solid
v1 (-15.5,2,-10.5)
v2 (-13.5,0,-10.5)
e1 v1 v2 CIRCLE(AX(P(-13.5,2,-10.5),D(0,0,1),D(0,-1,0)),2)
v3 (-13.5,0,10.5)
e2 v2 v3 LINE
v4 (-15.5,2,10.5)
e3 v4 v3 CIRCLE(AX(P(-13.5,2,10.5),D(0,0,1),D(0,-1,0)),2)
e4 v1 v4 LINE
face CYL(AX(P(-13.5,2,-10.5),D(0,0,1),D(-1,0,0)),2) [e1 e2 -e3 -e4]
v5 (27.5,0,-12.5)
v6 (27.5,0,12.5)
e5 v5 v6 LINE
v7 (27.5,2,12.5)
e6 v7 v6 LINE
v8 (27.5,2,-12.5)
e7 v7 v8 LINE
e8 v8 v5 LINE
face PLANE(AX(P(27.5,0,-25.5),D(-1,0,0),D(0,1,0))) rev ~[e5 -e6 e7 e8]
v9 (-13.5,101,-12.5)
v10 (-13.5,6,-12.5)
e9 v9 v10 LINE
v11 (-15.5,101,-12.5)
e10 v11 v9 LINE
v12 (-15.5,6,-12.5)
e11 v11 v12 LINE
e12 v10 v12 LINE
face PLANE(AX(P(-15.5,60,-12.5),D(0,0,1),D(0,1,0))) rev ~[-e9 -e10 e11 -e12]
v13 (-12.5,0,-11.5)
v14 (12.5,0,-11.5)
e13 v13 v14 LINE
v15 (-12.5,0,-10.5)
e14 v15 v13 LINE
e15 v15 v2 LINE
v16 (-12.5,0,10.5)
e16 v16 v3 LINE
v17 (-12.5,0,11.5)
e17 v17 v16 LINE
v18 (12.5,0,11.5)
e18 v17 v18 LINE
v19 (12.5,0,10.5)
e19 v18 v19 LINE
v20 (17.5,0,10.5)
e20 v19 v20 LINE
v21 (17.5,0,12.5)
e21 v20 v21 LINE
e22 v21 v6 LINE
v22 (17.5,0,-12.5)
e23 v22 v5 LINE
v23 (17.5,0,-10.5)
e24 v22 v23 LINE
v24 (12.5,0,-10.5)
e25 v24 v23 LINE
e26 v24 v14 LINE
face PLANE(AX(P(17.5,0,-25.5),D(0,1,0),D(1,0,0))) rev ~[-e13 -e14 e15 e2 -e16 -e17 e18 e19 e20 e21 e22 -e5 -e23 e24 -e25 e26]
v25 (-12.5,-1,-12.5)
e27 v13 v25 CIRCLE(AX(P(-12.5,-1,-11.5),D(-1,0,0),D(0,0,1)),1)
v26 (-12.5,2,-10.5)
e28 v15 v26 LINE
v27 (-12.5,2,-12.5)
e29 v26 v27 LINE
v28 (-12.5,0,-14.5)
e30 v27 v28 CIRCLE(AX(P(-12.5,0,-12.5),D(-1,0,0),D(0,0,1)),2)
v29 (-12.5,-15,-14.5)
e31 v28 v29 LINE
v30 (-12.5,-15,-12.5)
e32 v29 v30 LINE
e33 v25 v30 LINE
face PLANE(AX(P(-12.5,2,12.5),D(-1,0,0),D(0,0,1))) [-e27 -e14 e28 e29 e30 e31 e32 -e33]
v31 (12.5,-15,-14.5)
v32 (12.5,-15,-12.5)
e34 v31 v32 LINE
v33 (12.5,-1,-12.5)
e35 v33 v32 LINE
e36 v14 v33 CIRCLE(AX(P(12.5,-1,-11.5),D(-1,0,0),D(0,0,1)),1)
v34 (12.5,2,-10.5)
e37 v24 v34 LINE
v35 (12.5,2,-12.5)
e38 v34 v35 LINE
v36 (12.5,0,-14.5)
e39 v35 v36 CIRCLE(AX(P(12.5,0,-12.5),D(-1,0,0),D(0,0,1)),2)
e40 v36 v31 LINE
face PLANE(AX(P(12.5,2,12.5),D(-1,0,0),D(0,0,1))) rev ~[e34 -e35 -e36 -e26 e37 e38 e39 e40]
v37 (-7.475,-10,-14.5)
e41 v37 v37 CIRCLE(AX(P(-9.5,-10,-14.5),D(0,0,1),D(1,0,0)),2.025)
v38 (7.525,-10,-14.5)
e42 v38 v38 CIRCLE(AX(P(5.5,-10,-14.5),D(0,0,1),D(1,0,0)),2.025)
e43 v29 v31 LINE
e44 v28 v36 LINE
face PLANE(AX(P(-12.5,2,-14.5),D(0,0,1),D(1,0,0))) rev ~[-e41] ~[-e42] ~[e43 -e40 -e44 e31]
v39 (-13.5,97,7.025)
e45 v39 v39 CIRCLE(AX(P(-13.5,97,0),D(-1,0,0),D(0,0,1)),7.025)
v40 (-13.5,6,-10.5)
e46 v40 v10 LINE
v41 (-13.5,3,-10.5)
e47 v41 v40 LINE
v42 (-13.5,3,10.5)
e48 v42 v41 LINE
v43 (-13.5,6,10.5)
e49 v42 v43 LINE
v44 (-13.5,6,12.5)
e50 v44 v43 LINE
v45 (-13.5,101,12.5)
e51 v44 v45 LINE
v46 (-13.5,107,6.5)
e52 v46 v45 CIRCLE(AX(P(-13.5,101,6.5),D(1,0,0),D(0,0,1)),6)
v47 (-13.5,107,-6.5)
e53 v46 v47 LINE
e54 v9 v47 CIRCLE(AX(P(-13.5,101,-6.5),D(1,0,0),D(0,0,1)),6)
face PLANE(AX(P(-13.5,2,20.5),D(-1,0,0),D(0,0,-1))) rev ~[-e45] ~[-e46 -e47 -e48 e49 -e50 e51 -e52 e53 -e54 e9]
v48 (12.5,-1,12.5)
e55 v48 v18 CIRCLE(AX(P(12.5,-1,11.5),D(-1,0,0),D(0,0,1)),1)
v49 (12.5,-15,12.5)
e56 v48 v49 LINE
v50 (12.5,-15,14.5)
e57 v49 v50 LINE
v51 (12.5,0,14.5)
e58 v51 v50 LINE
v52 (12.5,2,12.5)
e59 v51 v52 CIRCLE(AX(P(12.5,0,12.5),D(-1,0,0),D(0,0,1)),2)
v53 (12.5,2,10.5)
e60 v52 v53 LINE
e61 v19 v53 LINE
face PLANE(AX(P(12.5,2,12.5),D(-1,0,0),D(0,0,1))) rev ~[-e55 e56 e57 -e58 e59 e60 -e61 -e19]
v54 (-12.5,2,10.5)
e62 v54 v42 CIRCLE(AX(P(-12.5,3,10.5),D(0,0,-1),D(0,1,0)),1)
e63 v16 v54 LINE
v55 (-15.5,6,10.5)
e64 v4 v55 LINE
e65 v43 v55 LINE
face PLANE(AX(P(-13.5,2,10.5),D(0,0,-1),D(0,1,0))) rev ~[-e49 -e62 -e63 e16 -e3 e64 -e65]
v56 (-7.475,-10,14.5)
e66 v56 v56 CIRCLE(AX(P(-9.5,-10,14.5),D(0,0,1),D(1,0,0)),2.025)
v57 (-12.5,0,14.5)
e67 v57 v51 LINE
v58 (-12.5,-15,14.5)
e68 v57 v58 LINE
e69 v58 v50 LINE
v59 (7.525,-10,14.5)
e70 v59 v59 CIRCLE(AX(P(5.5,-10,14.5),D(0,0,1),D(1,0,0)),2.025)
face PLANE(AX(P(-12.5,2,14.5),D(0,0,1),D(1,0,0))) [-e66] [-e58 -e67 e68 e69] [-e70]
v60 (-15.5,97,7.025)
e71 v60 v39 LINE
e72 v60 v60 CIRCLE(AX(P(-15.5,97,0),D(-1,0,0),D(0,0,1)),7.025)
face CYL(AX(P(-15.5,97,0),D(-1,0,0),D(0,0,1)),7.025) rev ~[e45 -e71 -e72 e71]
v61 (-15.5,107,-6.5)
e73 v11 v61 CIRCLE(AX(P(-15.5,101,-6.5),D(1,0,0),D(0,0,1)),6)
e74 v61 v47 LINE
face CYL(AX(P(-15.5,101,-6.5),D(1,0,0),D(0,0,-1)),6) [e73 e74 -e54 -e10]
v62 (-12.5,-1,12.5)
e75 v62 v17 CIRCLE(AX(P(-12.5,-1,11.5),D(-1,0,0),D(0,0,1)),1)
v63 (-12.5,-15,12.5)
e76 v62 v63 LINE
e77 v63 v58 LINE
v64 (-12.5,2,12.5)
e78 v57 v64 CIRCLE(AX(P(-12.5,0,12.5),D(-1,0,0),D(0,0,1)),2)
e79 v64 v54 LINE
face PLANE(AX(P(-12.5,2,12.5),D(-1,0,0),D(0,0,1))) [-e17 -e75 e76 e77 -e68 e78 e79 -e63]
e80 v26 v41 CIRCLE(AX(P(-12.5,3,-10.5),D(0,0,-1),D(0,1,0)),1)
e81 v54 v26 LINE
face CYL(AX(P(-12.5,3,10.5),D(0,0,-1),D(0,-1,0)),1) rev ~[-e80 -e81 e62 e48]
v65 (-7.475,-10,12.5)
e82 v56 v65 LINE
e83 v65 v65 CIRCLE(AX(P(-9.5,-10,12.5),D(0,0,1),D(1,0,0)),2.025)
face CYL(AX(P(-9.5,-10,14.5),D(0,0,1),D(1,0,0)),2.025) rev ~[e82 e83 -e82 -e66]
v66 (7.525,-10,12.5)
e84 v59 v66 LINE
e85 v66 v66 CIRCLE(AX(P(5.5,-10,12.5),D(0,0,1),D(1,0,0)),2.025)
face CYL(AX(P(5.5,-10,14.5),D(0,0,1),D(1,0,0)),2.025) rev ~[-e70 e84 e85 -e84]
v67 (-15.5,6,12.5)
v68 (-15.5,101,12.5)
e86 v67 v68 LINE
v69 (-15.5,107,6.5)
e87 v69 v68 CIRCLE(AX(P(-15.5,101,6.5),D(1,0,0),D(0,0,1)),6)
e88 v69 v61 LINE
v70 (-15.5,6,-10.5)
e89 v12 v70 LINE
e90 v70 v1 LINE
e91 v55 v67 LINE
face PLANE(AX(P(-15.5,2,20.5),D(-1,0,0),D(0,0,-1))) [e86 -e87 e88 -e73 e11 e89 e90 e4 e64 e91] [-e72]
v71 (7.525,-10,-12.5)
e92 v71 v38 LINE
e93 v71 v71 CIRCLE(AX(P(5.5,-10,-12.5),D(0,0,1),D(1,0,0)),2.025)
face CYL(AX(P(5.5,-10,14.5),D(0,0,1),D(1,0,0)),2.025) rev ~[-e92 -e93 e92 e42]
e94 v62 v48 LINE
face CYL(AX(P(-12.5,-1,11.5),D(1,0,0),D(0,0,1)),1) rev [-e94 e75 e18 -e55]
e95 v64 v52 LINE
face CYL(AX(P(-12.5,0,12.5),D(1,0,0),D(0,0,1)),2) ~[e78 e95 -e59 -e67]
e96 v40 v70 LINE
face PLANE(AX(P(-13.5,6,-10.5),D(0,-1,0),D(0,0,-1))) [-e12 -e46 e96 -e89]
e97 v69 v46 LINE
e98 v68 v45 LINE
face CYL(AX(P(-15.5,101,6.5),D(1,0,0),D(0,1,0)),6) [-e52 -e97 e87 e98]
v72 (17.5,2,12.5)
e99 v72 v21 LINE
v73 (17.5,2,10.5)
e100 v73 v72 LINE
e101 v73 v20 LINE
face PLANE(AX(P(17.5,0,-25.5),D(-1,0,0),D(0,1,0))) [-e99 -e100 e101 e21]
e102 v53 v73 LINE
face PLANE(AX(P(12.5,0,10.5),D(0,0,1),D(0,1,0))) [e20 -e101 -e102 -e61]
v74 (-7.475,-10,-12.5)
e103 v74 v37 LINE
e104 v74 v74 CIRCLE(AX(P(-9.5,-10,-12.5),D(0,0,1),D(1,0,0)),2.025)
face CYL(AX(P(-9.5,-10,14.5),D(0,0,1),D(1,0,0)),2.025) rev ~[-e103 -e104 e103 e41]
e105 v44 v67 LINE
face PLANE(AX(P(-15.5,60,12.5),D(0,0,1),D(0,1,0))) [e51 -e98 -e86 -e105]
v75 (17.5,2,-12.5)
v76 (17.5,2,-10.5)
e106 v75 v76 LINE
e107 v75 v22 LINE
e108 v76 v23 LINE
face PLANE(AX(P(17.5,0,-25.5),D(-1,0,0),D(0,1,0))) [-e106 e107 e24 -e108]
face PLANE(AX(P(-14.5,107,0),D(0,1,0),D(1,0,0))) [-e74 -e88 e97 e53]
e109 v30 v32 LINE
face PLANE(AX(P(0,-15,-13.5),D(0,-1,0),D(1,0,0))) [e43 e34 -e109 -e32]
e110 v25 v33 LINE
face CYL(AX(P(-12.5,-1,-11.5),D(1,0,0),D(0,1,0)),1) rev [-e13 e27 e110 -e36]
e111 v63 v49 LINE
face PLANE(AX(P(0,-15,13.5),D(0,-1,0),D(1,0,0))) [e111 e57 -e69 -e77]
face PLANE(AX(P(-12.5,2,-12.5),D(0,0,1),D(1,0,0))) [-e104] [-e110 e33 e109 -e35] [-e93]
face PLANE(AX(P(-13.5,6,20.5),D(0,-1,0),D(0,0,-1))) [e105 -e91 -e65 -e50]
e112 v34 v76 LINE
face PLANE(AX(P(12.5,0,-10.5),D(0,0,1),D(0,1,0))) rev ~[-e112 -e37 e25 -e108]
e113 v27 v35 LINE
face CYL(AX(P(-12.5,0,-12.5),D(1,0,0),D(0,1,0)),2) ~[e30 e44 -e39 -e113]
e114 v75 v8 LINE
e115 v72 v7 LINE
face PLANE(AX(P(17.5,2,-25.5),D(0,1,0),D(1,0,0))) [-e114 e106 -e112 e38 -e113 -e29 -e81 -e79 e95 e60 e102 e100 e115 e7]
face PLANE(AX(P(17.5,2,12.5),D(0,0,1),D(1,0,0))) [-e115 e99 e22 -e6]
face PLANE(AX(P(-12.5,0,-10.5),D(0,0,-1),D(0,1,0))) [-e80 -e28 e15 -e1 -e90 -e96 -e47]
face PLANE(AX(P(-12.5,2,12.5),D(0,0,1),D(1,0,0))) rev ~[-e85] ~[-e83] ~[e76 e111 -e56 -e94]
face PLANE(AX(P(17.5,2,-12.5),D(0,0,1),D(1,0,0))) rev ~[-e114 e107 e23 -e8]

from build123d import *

# Parameters (mm, degrees)
SKETCH1_W                = 25
SKETCH1_H                = 25
BOSS_EXTRUDE1_DEPTH      = 2
BOSS_EXTRUDE2_DEPTH      = 15
BOSS_EXTRUDE2_DEPTH_BACK = 2
SKETCH2_W                = 25
SKETCH2_H                = 2
SKETCH3_R                = 2.025
CUT_EXTRUDE1_DEPTH       = 35.960692213
FILLET1_R                = 2
FILLET2_R                = 1
SKETCH4_W                = 21
SKETCH4_H                = 2
BOSS_EXTRUDE3_DEPTH      = 3
SKETCH5_W                = 21
SKETCH5_H                = 2
BOSS_EXTRUDE4_DEPTH      = 15
BOSS_EXTRUDE5_DEPTH      = 15
BOSS_EXTRUDE5_DEPTH_BACK = 36
SKETCH6_W                = 10
SKETCH6_H                = 2
SKETCH7_W                = 2
SKETCH7_H                = 41
BOSS_EXTRUDE6_DEPTH      = 105
SKETCH8_W                = 10
SKETCH8_H                = 4
CUT_EXTRUDE2_DEPTH       = 118.389309564
FILLET3_R                = 1
FILLET4_R                = 2
SKETCH12_R               = 7.025
CUT_EXTRUDE4_DEPTH       = 119.102709537
CUT_EXTRUDE5_DEPTH       = 119.102709537
FILLET7_R                = 6
FILLET8_R                = 6
SKETCH14_W               = 10
SKETCH14_H               = 5
CUT_EXTRUDE6_DEPTH       = 112.496636721
SKETCH15_W               = 15
SKETCH15_H               = 54
CUT_EXTRUDE7_DEPTH       = 117.405541105
SKETCH16_W               = 10
SKETCH16_H               = 8
CUT_EXTRUDE8_DEPTH       = 10


with BuildPart() as part:
    # Sketch1 → Boss-Extrude1 (new body)
    with BuildSketch(Plane(origin=(0, 0, 0), x_dir=(1, 0, 0), z_dir=(0, 1, 0))):
        Rectangle(SKETCH1_W, SKETCH1_H)
    extrude(amount=BOSS_EXTRUDE1_DEPTH)

    # Sketch2 → Boss-Extrude2 (add, two sides: drawn at the far end of the back side and taken through both)
    with BuildSketch(Plane.XZ.offset(-BOSS_EXTRUDE2_DEPTH_BACK)):
        with Locations((0, 13.5)):
            Rectangle(SKETCH2_W, SKETCH2_H)
        with Locations((0, -13.5)):
            Rectangle(SKETCH2_W, SKETCH2_H)
    extrude(amount=BOSS_EXTRUDE2_DEPTH + BOSS_EXTRUDE2_DEPTH_BACK)

    # Sketch3 → Cut-Extrude1 (cut, through all)
    with BuildSketch(Plane.XY.offset(14.5)):
        with Locations((-9.5, -10)):
            Circle(SKETCH3_R)
        with Locations((5.5, -10)):
            Circle(SKETCH3_R)
    extrude(amount=-CUT_EXTRUDE1_DEPTH, mode=Mode.SUBTRACT)

    # Fillet1
    fillet1_edges = [part.edges().sort_by_distance(p)[0] for p in [
        (0, 2, 14.5),
        (0, 2, -14.5),
    ]]
    fillet(fillet1_edges, radius=FILLET1_R)

    # Fillet2
    fillet2_edges = [part.edges().sort_by_distance(p)[0] for p in [
        (0, 0, 12.5),
        (0, 0, -12.5),
    ]]
    fillet(fillet2_edges, radius=FILLET2_R)

    # Sketch4 → Boss-Extrude3 (add)
    with BuildSketch(Plane.ZY.offset(12.5)):
        with Locations((0, 1)):
            Rectangle(SKETCH4_W, SKETCH4_H)
    extrude(amount=BOSS_EXTRUDE3_DEPTH)

    # Sketch5 → Boss-Extrude4 (add)
    with BuildSketch(Plane(origin=(12.5, 0, 0), x_dir=(0, 0, -1), z_dir=(1, 0, 0))):
        with Locations((0, 1)):
            Rectangle(SKETCH5_W, SKETCH5_H)
    extrude(amount=BOSS_EXTRUDE4_DEPTH)

    # Sketch6 → Boss-Extrude5 (add, two sides: drawn at the far end of the back side and taken through both)
    with BuildSketch(Plane.XY.offset(10.5).offset(-BOSS_EXTRUDE5_DEPTH_BACK)):
        with Locations((22.5, 1)):
            Rectangle(SKETCH6_W, SKETCH6_H)
    extrude(amount=BOSS_EXTRUDE5_DEPTH + BOSS_EXTRUDE5_DEPTH_BACK)

    # Sketch7 → Boss-Extrude6 (add)
    with BuildSketch(Plane(origin=(0, 2, 0), x_dir=(1, 0, 0), z_dir=(0, 1, 0))):
        with Locations((-14.5, 0)):
            Rectangle(SKETCH7_W, SKETCH7_H)
    extrude(amount=BOSS_EXTRUDE6_DEPTH)

    # Sketch8 → Cut-Extrude2 (cut, through all)
    with BuildSketch(Plane(origin=(-13.5, 0, 0), x_dir=(0, 0, -1), z_dir=(1, 0, 0))):
        with Locations((-15.5, 4)):
            Rectangle(SKETCH8_W, SKETCH8_H)
        with Locations((15.5, 4)):
            Rectangle(SKETCH8_W, SKETCH8_H)
    extrude(amount=-CUT_EXTRUDE2_DEPTH, mode=Mode.SUBTRACT)

    # Fillet3
    fillet3_edges = [part.edges().sort_by_distance(p)[0] for p in [
        (-13.5, 2, 0),
    ]]
    fillet(fillet3_edges, radius=FILLET3_R)

    # Fillet4
    fillet4_edges = [part.edges().sort_by_distance(p)[0] for p in [
        (-15.5, 0, 0),
    ]]
    fillet(fillet4_edges, radius=FILLET4_R)

    # Sketch12 → Cut-Extrude4 (cut, through all)
    with BuildSketch(Plane.ZY.offset(15.5)):
        with Locations((0, 97)):
            Circle(SKETCH12_R)
    extrude(amount=-CUT_EXTRUDE4_DEPTH, mode=Mode.SUBTRACT)

    # Sketch13 → Cut-Extrude5 (cut, through all)
    with BuildSketch(Plane.ZY.offset(15.5)):
        Polygon((-20.5, 107), (-20.5, 52), (-12.5, 60), (-12.5, 107), align=None)
        Polygon((12.5, 60), (12.5, 107), (20.5, 107), (20.5, 52), align=None)
    extrude(amount=-CUT_EXTRUDE5_DEPTH, mode=Mode.SUBTRACT)

    # Fillet7
    fillet7_edges = [part.edges().sort_by_distance(p)[0] for p in [
        (-14.5, 107, 12.5),
        (-14.5, 107, -12.5),
    ]]
    fillet(fillet7_edges, radius=FILLET7_R)

    # Fillet8
    fillet8_edges = [part.edges().sort_by_distance(p)[0] for p in [
        (-14.5, 6, 20.5),
        (-14.5, 6, -20.5),
    ]]
    fillet(fillet8_edges, radius=FILLET8_R)

    # Sketch14 → Cut-Extrude6 (cut, through all)
    with BuildSketch(Plane(origin=(0, 2, 0), x_dir=(1, 0, 0), z_dir=(0, 1, 0))):
        with Locations((22.5, 23)):
            Rectangle(SKETCH14_W, SKETCH14_H)
        with Locations((22.5, -23)):
            Rectangle(SKETCH14_W, SKETCH14_H)
    extrude(amount=-CUT_EXTRUDE6_DEPTH, mode=Mode.SUBTRACT)

    # Sketch15 → Cut-Extrude7 (cut, through all)
    with BuildSketch(Plane(origin=(-13.5, 0, 0), x_dir=(0, 0, -1), z_dir=(1, 0, 0))):
        with Locations((-20, 33)):
            Rectangle(SKETCH15_W, SKETCH15_H)
        with Locations((20, 33)):
            Rectangle(SKETCH15_W, SKETCH15_H)
    extrude(amount=-CUT_EXTRUDE7_DEPTH, mode=Mode.SUBTRACT)

    # Sketch16 → Cut-Extrude8 (cut)
    with BuildSketch(Plane(origin=(0, 2, 0), x_dir=(1, 0, 0), z_dir=(0, 1, 0))):
        with Locations((22.5, -16.5)):
            Rectangle(SKETCH16_W, SKETCH16_H)
        with Locations((22.5, 16.5)):
            Rectangle(SKETCH16_W, SKETCH16_H)
    extrude(amount=-CUT_EXTRUDE8_DEPTH, mode=Mode.SUBTRACT)


solid = part.part
